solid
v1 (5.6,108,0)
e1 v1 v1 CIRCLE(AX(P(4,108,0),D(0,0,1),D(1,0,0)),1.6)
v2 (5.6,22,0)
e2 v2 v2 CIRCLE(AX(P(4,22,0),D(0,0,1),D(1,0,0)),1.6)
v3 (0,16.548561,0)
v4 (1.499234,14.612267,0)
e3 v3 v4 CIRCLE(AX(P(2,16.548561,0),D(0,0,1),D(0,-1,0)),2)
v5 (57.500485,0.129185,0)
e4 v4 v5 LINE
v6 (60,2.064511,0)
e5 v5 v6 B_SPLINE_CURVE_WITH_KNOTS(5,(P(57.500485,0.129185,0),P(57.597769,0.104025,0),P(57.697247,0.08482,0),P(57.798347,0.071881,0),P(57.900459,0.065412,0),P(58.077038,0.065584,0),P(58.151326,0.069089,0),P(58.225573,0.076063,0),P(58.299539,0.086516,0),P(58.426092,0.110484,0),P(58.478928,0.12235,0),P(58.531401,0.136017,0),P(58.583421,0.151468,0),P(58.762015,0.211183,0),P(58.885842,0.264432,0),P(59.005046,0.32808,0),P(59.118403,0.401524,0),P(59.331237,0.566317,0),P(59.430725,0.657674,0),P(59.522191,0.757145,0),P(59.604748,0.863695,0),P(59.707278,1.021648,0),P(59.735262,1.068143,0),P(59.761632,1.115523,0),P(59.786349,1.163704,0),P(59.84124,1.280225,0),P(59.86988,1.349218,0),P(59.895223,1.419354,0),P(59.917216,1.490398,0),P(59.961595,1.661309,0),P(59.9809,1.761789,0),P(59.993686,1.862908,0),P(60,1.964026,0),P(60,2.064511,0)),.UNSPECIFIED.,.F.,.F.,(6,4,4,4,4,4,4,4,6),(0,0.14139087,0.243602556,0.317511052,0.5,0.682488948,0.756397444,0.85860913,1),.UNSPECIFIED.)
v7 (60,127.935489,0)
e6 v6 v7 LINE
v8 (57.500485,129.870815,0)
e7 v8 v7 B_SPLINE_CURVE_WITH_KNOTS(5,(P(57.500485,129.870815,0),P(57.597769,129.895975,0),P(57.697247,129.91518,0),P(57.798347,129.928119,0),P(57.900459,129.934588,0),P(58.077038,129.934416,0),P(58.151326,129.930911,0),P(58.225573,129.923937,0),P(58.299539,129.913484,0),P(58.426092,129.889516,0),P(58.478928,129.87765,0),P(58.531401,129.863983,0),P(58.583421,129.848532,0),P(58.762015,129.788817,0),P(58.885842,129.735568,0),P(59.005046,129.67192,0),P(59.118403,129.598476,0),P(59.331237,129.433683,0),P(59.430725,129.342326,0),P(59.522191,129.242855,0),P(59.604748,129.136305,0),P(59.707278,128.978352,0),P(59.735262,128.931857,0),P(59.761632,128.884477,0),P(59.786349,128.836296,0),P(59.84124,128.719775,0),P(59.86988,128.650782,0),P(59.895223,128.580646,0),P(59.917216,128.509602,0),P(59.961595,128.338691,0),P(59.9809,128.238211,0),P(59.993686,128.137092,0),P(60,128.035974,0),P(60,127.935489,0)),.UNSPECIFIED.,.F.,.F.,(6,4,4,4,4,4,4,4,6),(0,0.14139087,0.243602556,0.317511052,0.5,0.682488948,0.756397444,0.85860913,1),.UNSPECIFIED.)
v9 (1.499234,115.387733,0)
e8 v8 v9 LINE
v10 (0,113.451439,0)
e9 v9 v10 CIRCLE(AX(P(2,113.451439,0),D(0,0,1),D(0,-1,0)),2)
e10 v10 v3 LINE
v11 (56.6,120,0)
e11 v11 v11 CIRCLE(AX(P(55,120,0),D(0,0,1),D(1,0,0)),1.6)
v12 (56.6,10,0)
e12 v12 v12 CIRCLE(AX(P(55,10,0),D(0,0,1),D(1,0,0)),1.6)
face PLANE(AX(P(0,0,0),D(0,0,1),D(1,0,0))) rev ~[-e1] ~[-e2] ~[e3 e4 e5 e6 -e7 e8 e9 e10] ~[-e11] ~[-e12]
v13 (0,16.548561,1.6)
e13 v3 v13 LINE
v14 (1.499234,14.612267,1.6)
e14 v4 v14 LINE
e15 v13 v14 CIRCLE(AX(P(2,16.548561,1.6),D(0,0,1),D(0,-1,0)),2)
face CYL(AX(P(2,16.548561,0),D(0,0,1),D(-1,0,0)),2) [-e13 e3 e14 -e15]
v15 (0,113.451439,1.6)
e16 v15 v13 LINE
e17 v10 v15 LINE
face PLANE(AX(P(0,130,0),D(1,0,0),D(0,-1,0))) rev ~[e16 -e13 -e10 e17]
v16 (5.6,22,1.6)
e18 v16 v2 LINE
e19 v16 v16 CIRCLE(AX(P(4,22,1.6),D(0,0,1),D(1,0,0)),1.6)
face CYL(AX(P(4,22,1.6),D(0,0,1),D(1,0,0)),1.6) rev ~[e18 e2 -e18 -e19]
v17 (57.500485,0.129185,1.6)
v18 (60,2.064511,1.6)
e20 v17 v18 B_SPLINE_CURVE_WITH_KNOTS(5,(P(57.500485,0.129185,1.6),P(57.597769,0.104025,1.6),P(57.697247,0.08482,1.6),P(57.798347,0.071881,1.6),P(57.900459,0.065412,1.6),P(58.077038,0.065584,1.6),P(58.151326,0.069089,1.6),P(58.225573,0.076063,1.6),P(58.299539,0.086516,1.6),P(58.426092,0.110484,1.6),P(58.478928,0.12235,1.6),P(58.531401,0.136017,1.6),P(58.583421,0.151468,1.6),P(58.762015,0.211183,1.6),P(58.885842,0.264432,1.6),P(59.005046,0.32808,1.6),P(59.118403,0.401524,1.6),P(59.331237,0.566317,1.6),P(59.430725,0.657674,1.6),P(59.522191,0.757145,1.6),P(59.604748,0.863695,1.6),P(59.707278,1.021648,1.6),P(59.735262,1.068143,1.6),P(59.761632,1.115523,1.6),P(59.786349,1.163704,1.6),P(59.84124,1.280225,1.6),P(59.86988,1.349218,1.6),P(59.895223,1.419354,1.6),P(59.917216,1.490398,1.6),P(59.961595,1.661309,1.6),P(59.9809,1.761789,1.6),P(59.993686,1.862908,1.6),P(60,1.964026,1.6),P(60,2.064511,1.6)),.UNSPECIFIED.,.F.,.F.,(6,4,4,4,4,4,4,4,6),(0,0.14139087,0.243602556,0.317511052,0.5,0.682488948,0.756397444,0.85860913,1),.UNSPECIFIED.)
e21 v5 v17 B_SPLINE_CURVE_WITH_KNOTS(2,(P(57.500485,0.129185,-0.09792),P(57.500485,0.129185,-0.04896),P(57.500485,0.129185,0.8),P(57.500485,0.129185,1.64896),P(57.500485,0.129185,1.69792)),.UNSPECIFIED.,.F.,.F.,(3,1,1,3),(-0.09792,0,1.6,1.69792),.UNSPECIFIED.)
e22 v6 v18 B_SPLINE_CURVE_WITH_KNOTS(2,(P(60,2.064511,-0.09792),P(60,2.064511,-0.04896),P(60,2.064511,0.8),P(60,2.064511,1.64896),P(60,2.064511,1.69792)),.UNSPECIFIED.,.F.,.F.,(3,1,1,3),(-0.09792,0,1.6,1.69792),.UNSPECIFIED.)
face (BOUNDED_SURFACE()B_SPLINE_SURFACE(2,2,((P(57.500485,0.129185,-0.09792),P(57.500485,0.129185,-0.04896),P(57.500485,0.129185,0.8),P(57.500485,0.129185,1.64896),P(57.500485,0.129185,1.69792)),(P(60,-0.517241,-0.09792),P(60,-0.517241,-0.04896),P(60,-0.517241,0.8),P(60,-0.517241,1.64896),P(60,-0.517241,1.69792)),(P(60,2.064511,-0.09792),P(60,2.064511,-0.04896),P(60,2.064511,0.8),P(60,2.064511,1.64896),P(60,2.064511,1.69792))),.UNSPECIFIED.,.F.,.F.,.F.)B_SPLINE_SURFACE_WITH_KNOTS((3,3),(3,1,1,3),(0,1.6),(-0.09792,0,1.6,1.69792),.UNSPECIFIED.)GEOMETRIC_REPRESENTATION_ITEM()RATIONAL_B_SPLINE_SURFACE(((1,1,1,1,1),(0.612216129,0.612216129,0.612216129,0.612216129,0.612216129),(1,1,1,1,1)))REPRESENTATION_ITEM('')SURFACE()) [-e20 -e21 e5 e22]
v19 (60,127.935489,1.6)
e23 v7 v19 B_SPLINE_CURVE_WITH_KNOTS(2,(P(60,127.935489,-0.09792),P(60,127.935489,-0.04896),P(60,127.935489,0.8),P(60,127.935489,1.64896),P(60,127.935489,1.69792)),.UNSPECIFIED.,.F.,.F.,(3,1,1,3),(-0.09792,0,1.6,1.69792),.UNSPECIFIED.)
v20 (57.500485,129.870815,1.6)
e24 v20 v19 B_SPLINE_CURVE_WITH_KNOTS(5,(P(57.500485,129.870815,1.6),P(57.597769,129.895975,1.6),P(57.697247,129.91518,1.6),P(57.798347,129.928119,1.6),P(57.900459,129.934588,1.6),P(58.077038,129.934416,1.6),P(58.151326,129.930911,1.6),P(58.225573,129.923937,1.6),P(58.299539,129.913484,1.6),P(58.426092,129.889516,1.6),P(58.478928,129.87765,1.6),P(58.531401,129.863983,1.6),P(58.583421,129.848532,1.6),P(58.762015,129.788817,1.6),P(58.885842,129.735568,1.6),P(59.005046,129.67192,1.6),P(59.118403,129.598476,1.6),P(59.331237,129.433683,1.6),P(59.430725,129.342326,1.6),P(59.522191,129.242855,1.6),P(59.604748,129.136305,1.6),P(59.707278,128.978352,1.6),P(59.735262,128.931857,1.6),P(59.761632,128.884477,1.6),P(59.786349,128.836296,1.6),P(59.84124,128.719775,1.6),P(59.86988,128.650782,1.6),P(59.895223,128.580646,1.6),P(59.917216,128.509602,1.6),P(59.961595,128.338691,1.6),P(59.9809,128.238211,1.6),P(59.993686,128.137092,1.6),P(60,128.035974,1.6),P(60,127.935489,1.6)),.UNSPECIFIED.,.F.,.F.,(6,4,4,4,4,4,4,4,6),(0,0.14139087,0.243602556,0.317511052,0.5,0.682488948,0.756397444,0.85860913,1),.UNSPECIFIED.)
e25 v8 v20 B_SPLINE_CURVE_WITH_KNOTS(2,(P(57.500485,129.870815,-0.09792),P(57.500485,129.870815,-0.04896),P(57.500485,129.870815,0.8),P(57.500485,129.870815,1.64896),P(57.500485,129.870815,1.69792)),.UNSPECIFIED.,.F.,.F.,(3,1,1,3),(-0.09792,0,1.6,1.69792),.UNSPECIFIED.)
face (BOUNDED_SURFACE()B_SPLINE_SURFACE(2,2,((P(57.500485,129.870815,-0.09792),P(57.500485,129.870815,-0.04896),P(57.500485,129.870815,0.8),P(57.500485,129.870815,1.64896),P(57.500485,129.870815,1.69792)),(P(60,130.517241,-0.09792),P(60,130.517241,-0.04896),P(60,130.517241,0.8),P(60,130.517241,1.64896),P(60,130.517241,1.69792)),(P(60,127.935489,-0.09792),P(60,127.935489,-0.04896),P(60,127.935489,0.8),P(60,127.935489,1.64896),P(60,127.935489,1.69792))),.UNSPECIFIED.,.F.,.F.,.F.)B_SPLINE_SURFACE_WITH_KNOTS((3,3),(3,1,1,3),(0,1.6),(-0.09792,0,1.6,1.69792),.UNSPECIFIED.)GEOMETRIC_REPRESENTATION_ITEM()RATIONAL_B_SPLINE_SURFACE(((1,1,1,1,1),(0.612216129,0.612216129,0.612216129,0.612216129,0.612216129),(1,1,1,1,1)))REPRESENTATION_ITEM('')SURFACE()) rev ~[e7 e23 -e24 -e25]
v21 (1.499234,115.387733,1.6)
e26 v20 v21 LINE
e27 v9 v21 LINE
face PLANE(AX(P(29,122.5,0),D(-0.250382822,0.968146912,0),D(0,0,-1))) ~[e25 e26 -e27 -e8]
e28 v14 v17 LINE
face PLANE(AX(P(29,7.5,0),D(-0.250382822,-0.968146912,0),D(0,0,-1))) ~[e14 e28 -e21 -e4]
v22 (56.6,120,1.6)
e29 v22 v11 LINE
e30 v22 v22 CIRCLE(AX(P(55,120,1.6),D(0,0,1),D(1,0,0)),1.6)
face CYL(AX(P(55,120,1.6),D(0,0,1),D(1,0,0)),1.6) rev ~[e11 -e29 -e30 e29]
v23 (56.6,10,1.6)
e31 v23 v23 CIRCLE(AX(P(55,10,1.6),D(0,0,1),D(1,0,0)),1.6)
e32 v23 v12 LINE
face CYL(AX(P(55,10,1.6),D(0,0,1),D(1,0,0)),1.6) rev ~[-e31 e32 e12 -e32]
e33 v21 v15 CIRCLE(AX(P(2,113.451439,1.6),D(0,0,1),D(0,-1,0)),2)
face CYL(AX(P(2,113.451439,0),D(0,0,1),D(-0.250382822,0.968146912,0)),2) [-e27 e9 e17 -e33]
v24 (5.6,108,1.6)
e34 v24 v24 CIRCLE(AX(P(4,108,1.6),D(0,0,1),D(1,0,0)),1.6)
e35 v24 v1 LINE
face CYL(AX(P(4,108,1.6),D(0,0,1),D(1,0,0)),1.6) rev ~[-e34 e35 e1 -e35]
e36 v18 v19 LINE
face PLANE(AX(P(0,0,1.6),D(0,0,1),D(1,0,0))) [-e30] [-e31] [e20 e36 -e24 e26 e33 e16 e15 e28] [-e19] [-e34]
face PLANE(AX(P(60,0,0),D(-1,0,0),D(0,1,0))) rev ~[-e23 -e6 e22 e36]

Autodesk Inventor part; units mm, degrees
ref_plane "YZ Plane" through (0, 0, 0) normal (1, 0, 0) x (0, 1, 0)
ref_plane "XZ Plane" through (0, 0, 0) normal (0, 1, 0) x (-1, 0, 0)
ref_plane "XY Plane" through (0, 0, 0) normal (0, 0, 1) x (1, 0, 0)
sketch "Esquisse1" plane through (0, 0, 0) normal (0, 0, 1) x (1, 0, 0)
  line L0 (0, 0) -> (60, 0)
  line L1 (60, 0) -> (60, 130)
  line L2 (60, 130) -> (0, 130)
  line L3 (0, 130) -> (0, 0)
  dimension "d0" = 130
  dimension "d1" = 60
extrude "Extrusion1" add sketch "Esquisse1" along normal blind 1.6
chamfer "Chanfrein1" distance 58 distance2 15 1 edges at (0, 130, 0.8) measured on face at (40, 130, 0.5333)
chamfer "Chanfrein2" distance 15 distance2 58 1 edges at (0, 0, 0.8) measured on face at (0, 76.6667, 1.0667)
fillet "Congé1" radius 2 6 edges at (60, 0, 0.8) (0, 15, 0.8) (0, 115, 0.8) (60, 130, 0.8) (58, 130, 0.8) (58, 0, 0.8)
sketch "Esquisse2" plane through (0, 0, 1.6) normal (0, 0, 1) x (1, 0, 0)
  circle A0 centre (4, 22) radius 1.6
  circle A1 centre (55, 10) radius 1.6
  circle A2 centre (4, 108) radius 1.6
  circle A3 centre (55, 120) radius 1.6
  line L0 (0, 113.4514) -> (0, 16.5486) projected
  arc A4 (57.4992, 0.1295) -> (60, 2.0658) centre (58, 2.0658) ccw projected
  arc A5 (60, 127.9342) -> (57.4992, 129.8705) centre (58, 127.9342) ccw projected
  point P0 (0, 0)
  dimension "d11" = 51
  dimension "d12" = 4
  dimension "d13" = 86
  dimension "d14" = 96.9029
  dimension "d15" = 5.4514
  dimension "d16" = 110
  dimension "d17" = 125.8684
  dimension "d18" = 7.9342
  dimension "d19" = 3.2
extrude "Extrusion2" cut sketch "Esquisse2" against normal through all
equation "\"d15\" = -0.5 * d13 + 0.5 * d14"
equation "\"d18\" = -0.5 * d16 + 0.5 * d17"
properties part number "PCBCapteurs" material "Résine phénolique"
